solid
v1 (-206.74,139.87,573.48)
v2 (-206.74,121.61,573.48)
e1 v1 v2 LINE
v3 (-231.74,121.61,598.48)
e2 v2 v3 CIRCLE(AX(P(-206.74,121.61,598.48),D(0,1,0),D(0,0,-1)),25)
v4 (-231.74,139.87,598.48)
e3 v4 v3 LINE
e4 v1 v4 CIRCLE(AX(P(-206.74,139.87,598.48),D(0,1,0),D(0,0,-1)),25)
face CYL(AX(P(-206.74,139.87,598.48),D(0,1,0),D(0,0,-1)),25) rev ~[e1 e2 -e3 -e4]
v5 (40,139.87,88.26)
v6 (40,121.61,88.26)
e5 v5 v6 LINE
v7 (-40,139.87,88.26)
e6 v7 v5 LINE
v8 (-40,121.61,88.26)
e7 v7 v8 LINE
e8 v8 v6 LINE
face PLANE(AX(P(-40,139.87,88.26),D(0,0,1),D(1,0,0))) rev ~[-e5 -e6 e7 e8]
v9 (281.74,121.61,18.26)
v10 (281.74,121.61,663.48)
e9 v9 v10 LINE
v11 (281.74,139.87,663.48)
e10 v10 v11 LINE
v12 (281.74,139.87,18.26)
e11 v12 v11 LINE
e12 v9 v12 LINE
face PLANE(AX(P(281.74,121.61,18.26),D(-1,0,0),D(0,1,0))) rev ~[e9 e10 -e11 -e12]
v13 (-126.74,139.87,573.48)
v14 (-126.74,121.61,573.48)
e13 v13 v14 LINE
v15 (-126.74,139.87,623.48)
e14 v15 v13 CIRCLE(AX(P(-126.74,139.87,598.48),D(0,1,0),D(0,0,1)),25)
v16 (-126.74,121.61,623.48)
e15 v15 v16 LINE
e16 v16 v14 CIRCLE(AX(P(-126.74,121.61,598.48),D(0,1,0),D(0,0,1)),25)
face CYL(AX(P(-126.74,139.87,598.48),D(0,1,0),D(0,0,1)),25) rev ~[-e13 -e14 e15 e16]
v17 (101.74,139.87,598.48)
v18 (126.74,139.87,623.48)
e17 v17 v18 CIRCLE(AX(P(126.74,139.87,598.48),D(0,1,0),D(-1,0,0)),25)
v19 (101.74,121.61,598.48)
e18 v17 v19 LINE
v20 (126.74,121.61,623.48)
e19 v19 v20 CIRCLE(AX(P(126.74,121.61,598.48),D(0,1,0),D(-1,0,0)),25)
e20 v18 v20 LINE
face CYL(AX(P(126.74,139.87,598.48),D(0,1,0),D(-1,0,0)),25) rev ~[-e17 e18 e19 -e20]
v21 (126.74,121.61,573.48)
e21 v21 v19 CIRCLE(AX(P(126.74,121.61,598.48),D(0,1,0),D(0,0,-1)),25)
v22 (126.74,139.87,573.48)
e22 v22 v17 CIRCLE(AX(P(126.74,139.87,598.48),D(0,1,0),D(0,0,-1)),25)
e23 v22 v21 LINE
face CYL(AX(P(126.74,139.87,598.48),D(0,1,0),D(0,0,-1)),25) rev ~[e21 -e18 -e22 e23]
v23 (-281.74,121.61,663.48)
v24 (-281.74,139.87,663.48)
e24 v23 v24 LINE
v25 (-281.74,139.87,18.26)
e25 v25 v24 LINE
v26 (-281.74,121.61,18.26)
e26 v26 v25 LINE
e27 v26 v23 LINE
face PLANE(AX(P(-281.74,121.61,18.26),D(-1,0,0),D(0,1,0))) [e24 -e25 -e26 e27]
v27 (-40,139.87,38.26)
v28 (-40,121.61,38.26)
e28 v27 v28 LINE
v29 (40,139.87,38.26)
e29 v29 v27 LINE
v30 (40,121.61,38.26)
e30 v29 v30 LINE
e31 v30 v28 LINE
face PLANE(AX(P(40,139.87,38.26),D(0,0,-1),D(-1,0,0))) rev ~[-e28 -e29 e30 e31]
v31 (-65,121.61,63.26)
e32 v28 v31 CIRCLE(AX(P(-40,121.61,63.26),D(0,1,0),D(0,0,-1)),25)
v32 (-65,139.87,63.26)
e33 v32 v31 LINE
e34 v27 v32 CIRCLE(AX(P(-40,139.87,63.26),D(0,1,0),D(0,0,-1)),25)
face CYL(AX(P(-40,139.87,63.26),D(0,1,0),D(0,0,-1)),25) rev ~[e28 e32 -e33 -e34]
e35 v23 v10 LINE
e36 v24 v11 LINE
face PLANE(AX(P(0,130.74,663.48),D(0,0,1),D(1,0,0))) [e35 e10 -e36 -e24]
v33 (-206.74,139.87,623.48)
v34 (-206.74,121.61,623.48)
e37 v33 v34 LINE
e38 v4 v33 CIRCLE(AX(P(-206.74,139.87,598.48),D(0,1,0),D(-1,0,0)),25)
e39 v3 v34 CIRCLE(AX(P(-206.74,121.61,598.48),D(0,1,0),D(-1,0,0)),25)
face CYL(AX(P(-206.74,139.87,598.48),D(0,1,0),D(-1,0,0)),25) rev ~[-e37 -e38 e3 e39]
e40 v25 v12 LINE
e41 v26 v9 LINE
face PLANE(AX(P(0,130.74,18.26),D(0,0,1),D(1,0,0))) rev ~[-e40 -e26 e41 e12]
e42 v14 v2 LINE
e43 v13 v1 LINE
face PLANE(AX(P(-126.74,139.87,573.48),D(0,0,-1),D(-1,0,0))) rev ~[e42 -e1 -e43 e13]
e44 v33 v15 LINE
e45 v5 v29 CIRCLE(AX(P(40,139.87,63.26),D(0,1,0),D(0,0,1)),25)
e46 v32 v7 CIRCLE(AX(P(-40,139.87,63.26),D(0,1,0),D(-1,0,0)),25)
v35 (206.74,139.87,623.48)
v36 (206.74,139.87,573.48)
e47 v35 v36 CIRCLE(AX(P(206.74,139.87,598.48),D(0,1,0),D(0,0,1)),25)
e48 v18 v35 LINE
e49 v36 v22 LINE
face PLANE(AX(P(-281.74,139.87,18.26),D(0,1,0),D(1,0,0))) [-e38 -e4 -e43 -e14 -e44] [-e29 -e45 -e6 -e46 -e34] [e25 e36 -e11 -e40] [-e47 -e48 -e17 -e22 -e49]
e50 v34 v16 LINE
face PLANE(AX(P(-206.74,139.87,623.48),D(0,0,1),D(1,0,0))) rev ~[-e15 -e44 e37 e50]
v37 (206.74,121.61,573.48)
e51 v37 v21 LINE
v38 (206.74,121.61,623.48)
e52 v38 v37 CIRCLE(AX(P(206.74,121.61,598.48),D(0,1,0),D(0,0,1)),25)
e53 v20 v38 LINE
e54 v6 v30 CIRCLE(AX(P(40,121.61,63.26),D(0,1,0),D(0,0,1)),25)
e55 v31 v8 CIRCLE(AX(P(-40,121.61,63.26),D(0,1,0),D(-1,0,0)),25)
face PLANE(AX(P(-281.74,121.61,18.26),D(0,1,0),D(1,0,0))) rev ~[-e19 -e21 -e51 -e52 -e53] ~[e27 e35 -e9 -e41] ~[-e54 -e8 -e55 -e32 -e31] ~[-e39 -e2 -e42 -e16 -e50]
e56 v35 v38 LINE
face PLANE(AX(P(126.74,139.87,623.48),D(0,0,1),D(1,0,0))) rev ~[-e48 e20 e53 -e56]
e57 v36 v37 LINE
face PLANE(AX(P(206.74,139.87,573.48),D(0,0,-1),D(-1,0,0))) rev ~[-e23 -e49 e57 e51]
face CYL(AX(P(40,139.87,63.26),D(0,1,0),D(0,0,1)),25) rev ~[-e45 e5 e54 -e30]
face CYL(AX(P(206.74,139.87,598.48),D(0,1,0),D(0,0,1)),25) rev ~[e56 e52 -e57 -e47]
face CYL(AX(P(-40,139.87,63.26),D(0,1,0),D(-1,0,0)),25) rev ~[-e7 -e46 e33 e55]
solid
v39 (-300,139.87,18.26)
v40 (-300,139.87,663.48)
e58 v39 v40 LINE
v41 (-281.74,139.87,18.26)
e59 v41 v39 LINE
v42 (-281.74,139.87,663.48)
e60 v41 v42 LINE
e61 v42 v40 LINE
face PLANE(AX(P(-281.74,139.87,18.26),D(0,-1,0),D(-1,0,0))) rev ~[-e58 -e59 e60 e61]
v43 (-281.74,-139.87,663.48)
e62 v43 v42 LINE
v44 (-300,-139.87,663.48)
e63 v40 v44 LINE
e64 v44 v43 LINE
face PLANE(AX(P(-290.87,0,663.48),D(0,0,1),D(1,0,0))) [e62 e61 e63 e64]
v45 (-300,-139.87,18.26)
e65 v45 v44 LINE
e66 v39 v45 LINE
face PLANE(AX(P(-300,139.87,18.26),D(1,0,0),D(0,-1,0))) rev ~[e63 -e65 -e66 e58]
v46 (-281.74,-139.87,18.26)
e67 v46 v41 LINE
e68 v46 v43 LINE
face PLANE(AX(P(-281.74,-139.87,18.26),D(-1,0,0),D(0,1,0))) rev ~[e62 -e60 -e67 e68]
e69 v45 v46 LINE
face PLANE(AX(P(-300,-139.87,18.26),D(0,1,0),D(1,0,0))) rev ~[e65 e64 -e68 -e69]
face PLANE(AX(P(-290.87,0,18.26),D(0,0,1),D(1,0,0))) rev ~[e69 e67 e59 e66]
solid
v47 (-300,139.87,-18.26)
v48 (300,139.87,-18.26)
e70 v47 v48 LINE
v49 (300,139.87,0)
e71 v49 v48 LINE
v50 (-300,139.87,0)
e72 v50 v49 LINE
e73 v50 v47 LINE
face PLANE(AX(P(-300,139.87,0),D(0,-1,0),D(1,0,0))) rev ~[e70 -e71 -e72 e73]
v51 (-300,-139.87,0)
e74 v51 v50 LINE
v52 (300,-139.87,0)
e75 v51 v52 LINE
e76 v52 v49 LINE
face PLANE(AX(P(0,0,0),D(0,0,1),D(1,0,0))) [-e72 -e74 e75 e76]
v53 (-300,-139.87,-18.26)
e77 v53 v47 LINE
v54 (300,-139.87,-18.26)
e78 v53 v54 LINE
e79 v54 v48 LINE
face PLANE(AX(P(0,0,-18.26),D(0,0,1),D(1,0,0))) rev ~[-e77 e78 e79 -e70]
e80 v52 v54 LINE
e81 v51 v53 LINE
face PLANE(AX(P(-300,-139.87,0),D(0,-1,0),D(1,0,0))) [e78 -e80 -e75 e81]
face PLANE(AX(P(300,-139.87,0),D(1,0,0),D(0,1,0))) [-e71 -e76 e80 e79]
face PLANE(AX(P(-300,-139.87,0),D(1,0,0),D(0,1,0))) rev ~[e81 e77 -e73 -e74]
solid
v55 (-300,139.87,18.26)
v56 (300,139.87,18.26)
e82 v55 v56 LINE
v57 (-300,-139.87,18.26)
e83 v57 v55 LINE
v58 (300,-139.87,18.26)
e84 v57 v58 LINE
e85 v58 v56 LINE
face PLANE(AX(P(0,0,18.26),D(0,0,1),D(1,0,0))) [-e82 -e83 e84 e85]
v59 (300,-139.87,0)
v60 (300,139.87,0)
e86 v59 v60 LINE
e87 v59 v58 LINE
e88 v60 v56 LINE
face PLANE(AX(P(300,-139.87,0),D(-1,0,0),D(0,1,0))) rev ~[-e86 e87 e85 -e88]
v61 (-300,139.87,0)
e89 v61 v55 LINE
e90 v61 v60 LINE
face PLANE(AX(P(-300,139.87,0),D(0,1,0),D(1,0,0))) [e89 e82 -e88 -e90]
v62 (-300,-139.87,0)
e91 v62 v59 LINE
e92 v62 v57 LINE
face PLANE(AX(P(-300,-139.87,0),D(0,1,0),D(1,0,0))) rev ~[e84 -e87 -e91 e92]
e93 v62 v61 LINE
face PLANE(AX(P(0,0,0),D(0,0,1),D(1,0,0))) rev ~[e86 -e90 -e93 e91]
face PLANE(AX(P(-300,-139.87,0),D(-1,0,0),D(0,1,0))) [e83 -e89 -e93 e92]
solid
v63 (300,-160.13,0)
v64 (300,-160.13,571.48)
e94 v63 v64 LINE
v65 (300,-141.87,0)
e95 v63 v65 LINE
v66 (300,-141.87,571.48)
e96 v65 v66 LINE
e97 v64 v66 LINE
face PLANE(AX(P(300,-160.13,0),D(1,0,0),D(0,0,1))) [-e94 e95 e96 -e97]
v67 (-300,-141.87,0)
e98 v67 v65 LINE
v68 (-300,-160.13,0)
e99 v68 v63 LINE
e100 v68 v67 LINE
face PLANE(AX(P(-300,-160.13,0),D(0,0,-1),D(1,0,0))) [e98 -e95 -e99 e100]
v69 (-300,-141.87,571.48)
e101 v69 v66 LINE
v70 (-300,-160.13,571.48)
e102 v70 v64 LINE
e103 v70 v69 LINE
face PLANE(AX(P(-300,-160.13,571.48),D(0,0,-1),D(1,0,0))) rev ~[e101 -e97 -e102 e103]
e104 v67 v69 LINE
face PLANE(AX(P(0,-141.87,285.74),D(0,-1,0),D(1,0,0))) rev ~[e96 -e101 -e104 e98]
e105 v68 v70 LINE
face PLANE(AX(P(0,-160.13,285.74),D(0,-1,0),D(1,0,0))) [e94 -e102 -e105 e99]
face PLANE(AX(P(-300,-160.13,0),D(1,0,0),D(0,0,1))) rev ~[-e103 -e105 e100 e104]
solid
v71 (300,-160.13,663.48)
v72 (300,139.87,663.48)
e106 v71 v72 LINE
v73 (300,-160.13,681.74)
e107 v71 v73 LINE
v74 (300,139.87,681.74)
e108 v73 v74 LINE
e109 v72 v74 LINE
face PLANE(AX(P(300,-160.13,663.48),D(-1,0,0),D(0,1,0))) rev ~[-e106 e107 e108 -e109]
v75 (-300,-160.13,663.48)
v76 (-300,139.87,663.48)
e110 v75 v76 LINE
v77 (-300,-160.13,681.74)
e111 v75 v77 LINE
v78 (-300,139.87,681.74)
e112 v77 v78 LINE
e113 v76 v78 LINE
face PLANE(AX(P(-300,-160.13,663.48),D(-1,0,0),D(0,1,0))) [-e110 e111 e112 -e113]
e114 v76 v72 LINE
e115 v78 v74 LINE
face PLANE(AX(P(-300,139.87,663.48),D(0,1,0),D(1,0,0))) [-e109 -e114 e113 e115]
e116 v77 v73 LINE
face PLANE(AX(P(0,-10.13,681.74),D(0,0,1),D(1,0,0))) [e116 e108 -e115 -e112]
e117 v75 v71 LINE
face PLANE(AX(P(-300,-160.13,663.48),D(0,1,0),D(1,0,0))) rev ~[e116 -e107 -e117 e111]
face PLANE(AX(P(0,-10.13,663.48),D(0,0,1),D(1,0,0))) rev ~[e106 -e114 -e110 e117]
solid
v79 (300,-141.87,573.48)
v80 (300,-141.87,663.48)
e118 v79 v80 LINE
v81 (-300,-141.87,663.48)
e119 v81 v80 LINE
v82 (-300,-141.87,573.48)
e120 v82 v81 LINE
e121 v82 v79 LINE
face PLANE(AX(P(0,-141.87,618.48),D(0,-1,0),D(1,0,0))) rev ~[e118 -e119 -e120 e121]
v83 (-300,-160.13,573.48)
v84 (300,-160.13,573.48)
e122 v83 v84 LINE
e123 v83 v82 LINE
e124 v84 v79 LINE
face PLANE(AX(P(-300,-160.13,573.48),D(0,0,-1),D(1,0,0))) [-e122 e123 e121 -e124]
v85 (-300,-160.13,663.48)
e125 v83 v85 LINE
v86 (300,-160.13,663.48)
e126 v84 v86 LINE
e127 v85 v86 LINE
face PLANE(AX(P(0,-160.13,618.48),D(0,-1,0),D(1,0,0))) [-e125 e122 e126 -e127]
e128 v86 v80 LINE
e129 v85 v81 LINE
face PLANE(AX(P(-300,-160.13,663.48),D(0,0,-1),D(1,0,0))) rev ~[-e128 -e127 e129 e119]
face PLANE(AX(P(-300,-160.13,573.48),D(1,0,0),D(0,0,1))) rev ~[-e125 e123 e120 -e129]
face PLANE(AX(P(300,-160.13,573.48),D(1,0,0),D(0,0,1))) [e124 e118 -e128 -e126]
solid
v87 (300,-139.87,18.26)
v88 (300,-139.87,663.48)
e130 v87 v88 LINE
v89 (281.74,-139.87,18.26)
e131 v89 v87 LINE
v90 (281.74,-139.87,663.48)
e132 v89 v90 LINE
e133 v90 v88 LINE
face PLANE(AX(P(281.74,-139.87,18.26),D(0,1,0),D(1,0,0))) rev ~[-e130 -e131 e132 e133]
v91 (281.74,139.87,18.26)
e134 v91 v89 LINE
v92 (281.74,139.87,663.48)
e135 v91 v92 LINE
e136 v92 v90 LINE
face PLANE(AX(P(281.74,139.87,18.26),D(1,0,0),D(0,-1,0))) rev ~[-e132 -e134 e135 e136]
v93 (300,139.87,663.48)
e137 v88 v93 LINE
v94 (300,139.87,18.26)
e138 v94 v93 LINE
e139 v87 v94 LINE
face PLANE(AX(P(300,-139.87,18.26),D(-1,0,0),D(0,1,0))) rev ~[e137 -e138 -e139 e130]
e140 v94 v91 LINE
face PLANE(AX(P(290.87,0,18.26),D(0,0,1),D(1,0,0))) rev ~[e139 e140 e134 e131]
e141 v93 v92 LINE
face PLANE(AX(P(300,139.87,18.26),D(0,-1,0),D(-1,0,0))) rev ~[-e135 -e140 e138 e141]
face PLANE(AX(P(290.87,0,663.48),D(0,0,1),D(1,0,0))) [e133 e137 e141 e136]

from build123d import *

# Parameters (mm, degrees)
F0_W      = 600
F0_H      = 279.74
F1_DEPTH  = 18.26
F3_DEPTH  = 645.22
F2_W      = 563.48
F2_H      = 18.26
F4_DEPTH  = 645.22
F5_DEPTH  = 645.22
F6_W      = 600
F6_H      = 300
F7_DEPTH  = 18.26
F8_DEPTH  = 18.26
F10_DEPTH = 25
F11_W     = 600
F11_H     = 90
F12_DEPTH = 18.26
F13_W     = 600
F13_H     = 571.48
F14_DEPTH = 18.26


with BuildPart() as f1:
    # F0 (on Top) → F1 (new body)
    with BuildSketch(Plane.XY):
        Rectangle(F0_W, F0_H)
    extrude(amount=F1_DEPTH)


with BuildPart() as f3:
    # F2 (on face) → F3 (new body)
    with BuildSketch(Plane.XY.offset(18.26)):
        Polygon((281.74, 121.61), (281.74, -139.87), (300, -139.87), (300, 139.87), (281.74, 139.87), align=None)
    extrude(amount=F3_DEPTH)


with BuildPart() as f4:
    # F2 (on face) → F4 (new body, through all)
    with BuildSketch(Plane.XY.offset(18.26)):
        with Locations((0, 130.74)):
            Rectangle(F2_W, F2_H)
    extrude(amount=F4_DEPTH)

    # F9 (on face) → F10 (cut)
    with BuildSketch(Plane(origin=(0, 139.87, 0), x_dir=(-1, 0, 0), z_dir=(0, 1, 0))):
        with BuildLine():
            ThreePointArc((126.74, 573.48), (144.4176695297, 580.8023304703), (151.74, 598.48))
            ThreePointArc((151.74, 598.48), (144.4176695297, 616.1576695297), (126.74, 623.48))
            ThreePointArc((126.74, 623.48), (101.74, 598.48), (126.74, 573.48))
        make_face()
        with BuildLine():
            ThreePointArc((126.74, 623.48), (144.4176695297, 616.1576695297), (151.74, 598.48))
            ThreePointArc((151.74, 598.48), (144.4176695297, 580.8023304703), (126.74, 573.48))
            Line((126.74, 573.48), (206.74, 573.48))
            ThreePointArc((206.74, 573.48), (181.74, 598.48), (206.74, 623.48))
            Line((206.74, 623.48), (126.74, 623.48))
        make_face()
        with BuildLine():
            ThreePointArc((231.74, 598.48), (224.4176695297, 616.1576695297), (206.74, 623.48))
            ThreePointArc((206.74, 623.48), (181.74, 598.48), (206.74, 573.48))
            ThreePointArc((206.74, 573.48), (224.4176695297, 580.8023304703), (231.74, 598.48))
        make_face()
        with BuildLine():
            ThreePointArc((-126.74, 573.48), (-109.0623304703, 580.8023304703), (-101.74, 598.48))
            ThreePointArc((-101.74, 598.48), (-109.0623304703, 616.1576695297), (-126.74, 623.48))
            ThreePointArc((-126.74, 623.48), (-151.74, 598.48), (-126.74, 573.48))
        make_face()
        with BuildLine():
            ThreePointArc((-126.74, 573.48), (-151.74, 598.48), (-126.74, 623.48))
            Line((-126.74, 623.48), (-206.74, 623.48))
            ThreePointArc((-206.74, 623.48), (-189.0623304703, 616.1576695297), (-181.74, 598.48))
            ThreePointArc((-181.74, 598.48), (-189.0623304703, 580.8023304703), (-206.74, 573.48))
            Line((-206.74, 573.48), (-126.74, 573.48))
        make_face()
        with BuildLine():
            ThreePointArc((-181.74, 598.48), (-189.0623304703, 616.1576695297), (-206.74, 623.48))
            ThreePointArc((-206.74, 623.48), (-231.74, 598.48), (-206.74, 573.48))
            ThreePointArc((-206.74, 573.48), (-189.0623304703, 580.8023304703), (-181.74, 598.48))
        make_face()
        with BuildLine():
            ThreePointArc((40, 38.26), (57.6776695297, 45.5823304703), (65, 63.26))
            ThreePointArc((65, 63.26), (57.6776695297, 80.9376695297), (40, 88.26))
            ThreePointArc((40, 88.26), (15, 63.26), (40, 38.26))
        make_face()
        with BuildLine():
            ThreePointArc((40, 38.26), (15, 63.26), (40, 88.26))
            Line((40, 88.26), (-40, 88.26))
            ThreePointArc((-40, 88.26), (-22.3223304703, 80.9376695297), (-15, 63.26))
            ThreePointArc((-15, 63.26), (-22.3223304703, 45.5823304703), (-40, 38.26))
            Line((-40, 38.26), (40, 38.26))
        make_face()
        with BuildLine():
            ThreePointArc((-15, 63.26), (-22.3223304703, 80.9376695297), (-40, 88.26))
            ThreePointArc((-40, 88.26), (-65, 63.26), (-40, 38.26))
            ThreePointArc((-40, 38.26), (-22.3223304703, 45.5823304703), (-15, 63.26))
        make_face()
    extrude(amount=-F10_DEPTH, mode=Mode.SUBTRACT)


with BuildPart() as f5:
    # F2 (on face) → F5 (new body, through all)
    with BuildSketch(Plane.XY.offset(18.26)):
        Polygon((-300, 139.87), (-300, -139.87), (-281.74, -139.87), (-281.74, 121.61), (-281.74, 139.87), align=None)
    extrude(amount=F5_DEPTH)


with BuildPart() as f7:
    # F6 (on face) → F7 (new body)
    with BuildSketch(Plane.XY.offset(663.48)):
        with Locations((0, -10.13)):
            Rectangle(F6_W, F6_H)
    extrude(amount=F7_DEPTH)


with BuildPart() as f8:
    # F8 (new): a face of the model
    f8_faces = [f1.part.faces().sort_by_distance(p)[0] for p in [
        (0, 0, 0),
    ]]
    extrude(f8_faces, amount=F8_DEPTH)


with BuildPart() as f12:
    # F11 (on face) → F12 (new body)
    with BuildSketch(Plane.XZ.offset(160.13)):
        with Locations((0, 618.48)):
            Rectangle(F11_W, F11_H)
    extrude(amount=-F12_DEPTH)


with BuildPart() as f14:
    # F13 (on face) → F14 (new body)
    with BuildSketch(Plane.XZ.offset(160.13)):
        with Locations((0, 285.74)):
            Rectangle(F13_W, F13_H)
    extrude(amount=-F14_DEPTH)


solid = Compound([f1.part, f3.part, f4.part, f5.part, f7.part, f8.part, f12.part, f14.part])
